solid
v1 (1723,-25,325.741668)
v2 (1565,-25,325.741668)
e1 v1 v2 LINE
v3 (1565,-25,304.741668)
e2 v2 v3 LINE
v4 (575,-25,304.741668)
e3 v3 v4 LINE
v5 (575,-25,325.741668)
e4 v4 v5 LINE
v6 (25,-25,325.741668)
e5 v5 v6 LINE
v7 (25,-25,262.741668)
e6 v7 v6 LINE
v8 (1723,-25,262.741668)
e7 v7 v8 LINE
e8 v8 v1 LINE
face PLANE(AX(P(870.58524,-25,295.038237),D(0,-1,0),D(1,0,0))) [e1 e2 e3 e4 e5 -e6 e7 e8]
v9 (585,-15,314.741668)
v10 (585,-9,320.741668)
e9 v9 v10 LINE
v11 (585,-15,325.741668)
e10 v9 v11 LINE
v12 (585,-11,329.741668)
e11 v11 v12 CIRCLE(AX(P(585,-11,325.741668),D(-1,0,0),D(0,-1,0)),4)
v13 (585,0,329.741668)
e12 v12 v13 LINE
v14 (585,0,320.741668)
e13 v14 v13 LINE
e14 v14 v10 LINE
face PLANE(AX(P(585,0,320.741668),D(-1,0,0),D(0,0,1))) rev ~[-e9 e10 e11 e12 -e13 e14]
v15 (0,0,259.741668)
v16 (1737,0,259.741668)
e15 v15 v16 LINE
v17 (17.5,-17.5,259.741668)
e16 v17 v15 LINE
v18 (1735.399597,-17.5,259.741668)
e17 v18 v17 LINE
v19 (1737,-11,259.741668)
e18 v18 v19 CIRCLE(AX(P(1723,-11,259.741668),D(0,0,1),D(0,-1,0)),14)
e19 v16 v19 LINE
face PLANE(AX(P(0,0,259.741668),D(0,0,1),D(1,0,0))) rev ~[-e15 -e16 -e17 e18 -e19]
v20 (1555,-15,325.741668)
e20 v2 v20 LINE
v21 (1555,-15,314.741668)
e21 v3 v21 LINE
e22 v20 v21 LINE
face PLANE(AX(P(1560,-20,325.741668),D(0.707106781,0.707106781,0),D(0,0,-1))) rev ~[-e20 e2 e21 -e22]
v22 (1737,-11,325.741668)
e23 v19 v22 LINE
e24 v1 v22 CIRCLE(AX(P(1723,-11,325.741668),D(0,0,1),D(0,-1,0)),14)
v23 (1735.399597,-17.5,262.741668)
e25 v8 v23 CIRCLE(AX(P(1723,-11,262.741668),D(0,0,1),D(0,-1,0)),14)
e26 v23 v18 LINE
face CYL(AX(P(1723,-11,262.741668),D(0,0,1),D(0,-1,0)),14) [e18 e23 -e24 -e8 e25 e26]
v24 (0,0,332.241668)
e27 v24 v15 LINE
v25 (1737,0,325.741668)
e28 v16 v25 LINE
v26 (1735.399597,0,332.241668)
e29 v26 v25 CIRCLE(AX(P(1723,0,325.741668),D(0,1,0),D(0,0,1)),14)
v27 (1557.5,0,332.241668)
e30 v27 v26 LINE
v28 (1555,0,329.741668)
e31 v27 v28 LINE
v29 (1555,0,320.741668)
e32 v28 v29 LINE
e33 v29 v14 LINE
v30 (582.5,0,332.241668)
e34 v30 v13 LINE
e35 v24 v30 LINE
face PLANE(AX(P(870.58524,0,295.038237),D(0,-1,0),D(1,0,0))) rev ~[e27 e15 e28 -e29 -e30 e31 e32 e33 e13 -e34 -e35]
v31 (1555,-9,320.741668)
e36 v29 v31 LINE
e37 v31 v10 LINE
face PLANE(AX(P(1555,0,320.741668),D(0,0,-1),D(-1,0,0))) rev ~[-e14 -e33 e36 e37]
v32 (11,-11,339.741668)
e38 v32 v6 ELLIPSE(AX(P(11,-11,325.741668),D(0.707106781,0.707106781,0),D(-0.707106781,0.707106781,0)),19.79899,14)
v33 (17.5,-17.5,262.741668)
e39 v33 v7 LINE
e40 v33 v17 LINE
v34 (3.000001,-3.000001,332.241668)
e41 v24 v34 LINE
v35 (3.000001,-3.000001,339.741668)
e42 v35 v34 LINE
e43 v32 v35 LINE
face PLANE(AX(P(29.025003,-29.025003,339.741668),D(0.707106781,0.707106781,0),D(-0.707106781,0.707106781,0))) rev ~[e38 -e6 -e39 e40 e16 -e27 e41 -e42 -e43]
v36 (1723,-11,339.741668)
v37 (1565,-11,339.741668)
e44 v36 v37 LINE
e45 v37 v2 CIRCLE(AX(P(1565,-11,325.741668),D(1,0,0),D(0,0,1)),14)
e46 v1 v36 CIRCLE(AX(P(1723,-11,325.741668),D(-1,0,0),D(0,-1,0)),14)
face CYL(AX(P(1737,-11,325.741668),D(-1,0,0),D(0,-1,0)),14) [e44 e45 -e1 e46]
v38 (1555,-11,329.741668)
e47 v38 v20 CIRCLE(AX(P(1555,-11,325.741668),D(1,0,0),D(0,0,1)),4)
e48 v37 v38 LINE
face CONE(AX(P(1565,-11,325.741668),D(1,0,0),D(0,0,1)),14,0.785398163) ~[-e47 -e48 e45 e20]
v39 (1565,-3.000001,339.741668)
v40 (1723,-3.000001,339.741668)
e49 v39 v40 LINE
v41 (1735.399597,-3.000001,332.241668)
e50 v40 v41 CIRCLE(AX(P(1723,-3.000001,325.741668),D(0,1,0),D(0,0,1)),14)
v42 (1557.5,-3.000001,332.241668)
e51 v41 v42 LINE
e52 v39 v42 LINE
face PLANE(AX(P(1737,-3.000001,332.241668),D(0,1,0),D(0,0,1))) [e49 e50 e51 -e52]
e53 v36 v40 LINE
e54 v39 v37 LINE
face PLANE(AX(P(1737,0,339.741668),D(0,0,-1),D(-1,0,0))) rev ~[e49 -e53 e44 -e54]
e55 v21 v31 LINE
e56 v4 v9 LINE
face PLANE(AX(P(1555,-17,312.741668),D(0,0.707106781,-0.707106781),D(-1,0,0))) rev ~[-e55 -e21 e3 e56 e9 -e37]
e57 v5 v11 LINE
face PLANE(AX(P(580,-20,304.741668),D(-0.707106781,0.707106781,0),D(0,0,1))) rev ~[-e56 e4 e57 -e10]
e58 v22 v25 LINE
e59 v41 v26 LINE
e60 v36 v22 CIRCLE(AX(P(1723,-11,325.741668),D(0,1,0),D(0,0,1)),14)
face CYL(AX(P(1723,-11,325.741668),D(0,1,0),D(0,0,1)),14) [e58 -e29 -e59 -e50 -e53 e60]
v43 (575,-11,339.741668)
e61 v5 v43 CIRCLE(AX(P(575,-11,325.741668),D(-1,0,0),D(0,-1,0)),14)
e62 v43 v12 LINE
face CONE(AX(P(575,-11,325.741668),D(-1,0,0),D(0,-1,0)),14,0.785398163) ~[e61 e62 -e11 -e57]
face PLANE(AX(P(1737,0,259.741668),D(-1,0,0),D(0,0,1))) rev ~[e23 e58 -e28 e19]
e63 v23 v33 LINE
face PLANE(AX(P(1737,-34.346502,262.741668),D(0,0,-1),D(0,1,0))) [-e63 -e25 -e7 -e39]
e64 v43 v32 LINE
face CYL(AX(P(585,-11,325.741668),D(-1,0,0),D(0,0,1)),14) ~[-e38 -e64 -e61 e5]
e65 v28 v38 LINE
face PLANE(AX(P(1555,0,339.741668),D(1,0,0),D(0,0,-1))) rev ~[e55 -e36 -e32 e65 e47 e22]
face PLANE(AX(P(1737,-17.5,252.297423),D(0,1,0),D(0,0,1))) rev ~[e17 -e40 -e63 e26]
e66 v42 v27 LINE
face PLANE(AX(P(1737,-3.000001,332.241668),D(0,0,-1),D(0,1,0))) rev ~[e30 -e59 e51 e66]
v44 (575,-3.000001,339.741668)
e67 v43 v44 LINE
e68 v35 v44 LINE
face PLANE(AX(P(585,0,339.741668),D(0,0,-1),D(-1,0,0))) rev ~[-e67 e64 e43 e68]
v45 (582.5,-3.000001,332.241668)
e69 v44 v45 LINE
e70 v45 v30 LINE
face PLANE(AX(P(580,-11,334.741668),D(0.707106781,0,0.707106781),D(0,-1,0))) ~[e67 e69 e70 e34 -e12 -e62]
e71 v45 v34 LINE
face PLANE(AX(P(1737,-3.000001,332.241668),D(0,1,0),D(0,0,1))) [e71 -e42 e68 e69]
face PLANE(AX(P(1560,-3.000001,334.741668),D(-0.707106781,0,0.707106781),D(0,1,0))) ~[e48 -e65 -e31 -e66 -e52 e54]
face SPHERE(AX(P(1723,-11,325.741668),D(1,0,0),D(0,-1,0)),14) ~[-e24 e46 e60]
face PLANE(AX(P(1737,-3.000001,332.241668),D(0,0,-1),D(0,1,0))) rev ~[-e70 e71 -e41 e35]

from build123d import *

# Parameters (mm, degrees)
F1_DEPTH = 25
F2_W     = 16.846502
F2_H     = 10.444245
F2_W_2   = 5.885671
F2_H_2   = 9.758566
F3_DEPTH = 1737.001
F5_DEPTH = 80.001
F6_R     = 14
F7_R     = 14
F8_SIZE  = 16
F9_SIZE  = 10


with BuildPart() as f1:
    # F0 (on Front) → F1 (new body)
    with BuildSketch(Plane.XZ):
        Polygon((0, 339.741668), (0, 259.741668), (1737, 259.741668), (1737, 339.741668), (1555, 339.741668), (1555, 320.741668), (585, 320.741668), (585, 339.741668), align=None)
    extrude(amount=F1_DEPTH)

    # F2 (on face) → F3 (cut, through all)
    with BuildSketch(Plane.YZ.offset(1737)):
        with Locations((-25.923251, 257.519545)):
            Rectangle(F2_W, F2_H)
        with Locations((-0.057165, 337.120951)):
            Rectangle(F2_W_2, F2_H_2)
    extrude(amount=-F3_DEPTH, mode=Mode.SUBTRACT)

    # F4 (on face) → F5 (cut, through all)
    with BuildSketch(Plane.XY.offset(339.741668)):
        Polygon((29.025003, -29.025003), (0, 0), (-6.033434, 0), (-6.033434, -29.025003), align=None)
    extrude(amount=-F5_DEPTH, mode=Mode.SUBTRACT)

    # F6
    f6_edges = [f1.edges().sort_by_distance(p)[0] for p in [
        (305, -25, 339.741668),
        (1646, -25, 339.741668),
    ]]
    fillet(f6_edges, radius=F6_R)

    # F7
    f7_edges = [f1.edges().sort_by_distance(p)[0] for p in [
        (1737, -25, 294.241668),
    ]]
    fillet(f7_edges, radius=F7_R)

    # F8
    f8_edges = [f1.edges().sort_by_distance(p)[0] for p in [
        (1070, -25, 320.741668),
    ]]
    chamfer(f8_edges, length=F8_SIZE)

    # F9
    f9_edges = [f1.edges().sort_by_distance(p)[0] for p in [
        (585, -25, 323.241668),
        (1555, -25, 323.241668),
    ]]
    chamfer(f9_edges, length=F9_SIZE)


solid = f1.part
